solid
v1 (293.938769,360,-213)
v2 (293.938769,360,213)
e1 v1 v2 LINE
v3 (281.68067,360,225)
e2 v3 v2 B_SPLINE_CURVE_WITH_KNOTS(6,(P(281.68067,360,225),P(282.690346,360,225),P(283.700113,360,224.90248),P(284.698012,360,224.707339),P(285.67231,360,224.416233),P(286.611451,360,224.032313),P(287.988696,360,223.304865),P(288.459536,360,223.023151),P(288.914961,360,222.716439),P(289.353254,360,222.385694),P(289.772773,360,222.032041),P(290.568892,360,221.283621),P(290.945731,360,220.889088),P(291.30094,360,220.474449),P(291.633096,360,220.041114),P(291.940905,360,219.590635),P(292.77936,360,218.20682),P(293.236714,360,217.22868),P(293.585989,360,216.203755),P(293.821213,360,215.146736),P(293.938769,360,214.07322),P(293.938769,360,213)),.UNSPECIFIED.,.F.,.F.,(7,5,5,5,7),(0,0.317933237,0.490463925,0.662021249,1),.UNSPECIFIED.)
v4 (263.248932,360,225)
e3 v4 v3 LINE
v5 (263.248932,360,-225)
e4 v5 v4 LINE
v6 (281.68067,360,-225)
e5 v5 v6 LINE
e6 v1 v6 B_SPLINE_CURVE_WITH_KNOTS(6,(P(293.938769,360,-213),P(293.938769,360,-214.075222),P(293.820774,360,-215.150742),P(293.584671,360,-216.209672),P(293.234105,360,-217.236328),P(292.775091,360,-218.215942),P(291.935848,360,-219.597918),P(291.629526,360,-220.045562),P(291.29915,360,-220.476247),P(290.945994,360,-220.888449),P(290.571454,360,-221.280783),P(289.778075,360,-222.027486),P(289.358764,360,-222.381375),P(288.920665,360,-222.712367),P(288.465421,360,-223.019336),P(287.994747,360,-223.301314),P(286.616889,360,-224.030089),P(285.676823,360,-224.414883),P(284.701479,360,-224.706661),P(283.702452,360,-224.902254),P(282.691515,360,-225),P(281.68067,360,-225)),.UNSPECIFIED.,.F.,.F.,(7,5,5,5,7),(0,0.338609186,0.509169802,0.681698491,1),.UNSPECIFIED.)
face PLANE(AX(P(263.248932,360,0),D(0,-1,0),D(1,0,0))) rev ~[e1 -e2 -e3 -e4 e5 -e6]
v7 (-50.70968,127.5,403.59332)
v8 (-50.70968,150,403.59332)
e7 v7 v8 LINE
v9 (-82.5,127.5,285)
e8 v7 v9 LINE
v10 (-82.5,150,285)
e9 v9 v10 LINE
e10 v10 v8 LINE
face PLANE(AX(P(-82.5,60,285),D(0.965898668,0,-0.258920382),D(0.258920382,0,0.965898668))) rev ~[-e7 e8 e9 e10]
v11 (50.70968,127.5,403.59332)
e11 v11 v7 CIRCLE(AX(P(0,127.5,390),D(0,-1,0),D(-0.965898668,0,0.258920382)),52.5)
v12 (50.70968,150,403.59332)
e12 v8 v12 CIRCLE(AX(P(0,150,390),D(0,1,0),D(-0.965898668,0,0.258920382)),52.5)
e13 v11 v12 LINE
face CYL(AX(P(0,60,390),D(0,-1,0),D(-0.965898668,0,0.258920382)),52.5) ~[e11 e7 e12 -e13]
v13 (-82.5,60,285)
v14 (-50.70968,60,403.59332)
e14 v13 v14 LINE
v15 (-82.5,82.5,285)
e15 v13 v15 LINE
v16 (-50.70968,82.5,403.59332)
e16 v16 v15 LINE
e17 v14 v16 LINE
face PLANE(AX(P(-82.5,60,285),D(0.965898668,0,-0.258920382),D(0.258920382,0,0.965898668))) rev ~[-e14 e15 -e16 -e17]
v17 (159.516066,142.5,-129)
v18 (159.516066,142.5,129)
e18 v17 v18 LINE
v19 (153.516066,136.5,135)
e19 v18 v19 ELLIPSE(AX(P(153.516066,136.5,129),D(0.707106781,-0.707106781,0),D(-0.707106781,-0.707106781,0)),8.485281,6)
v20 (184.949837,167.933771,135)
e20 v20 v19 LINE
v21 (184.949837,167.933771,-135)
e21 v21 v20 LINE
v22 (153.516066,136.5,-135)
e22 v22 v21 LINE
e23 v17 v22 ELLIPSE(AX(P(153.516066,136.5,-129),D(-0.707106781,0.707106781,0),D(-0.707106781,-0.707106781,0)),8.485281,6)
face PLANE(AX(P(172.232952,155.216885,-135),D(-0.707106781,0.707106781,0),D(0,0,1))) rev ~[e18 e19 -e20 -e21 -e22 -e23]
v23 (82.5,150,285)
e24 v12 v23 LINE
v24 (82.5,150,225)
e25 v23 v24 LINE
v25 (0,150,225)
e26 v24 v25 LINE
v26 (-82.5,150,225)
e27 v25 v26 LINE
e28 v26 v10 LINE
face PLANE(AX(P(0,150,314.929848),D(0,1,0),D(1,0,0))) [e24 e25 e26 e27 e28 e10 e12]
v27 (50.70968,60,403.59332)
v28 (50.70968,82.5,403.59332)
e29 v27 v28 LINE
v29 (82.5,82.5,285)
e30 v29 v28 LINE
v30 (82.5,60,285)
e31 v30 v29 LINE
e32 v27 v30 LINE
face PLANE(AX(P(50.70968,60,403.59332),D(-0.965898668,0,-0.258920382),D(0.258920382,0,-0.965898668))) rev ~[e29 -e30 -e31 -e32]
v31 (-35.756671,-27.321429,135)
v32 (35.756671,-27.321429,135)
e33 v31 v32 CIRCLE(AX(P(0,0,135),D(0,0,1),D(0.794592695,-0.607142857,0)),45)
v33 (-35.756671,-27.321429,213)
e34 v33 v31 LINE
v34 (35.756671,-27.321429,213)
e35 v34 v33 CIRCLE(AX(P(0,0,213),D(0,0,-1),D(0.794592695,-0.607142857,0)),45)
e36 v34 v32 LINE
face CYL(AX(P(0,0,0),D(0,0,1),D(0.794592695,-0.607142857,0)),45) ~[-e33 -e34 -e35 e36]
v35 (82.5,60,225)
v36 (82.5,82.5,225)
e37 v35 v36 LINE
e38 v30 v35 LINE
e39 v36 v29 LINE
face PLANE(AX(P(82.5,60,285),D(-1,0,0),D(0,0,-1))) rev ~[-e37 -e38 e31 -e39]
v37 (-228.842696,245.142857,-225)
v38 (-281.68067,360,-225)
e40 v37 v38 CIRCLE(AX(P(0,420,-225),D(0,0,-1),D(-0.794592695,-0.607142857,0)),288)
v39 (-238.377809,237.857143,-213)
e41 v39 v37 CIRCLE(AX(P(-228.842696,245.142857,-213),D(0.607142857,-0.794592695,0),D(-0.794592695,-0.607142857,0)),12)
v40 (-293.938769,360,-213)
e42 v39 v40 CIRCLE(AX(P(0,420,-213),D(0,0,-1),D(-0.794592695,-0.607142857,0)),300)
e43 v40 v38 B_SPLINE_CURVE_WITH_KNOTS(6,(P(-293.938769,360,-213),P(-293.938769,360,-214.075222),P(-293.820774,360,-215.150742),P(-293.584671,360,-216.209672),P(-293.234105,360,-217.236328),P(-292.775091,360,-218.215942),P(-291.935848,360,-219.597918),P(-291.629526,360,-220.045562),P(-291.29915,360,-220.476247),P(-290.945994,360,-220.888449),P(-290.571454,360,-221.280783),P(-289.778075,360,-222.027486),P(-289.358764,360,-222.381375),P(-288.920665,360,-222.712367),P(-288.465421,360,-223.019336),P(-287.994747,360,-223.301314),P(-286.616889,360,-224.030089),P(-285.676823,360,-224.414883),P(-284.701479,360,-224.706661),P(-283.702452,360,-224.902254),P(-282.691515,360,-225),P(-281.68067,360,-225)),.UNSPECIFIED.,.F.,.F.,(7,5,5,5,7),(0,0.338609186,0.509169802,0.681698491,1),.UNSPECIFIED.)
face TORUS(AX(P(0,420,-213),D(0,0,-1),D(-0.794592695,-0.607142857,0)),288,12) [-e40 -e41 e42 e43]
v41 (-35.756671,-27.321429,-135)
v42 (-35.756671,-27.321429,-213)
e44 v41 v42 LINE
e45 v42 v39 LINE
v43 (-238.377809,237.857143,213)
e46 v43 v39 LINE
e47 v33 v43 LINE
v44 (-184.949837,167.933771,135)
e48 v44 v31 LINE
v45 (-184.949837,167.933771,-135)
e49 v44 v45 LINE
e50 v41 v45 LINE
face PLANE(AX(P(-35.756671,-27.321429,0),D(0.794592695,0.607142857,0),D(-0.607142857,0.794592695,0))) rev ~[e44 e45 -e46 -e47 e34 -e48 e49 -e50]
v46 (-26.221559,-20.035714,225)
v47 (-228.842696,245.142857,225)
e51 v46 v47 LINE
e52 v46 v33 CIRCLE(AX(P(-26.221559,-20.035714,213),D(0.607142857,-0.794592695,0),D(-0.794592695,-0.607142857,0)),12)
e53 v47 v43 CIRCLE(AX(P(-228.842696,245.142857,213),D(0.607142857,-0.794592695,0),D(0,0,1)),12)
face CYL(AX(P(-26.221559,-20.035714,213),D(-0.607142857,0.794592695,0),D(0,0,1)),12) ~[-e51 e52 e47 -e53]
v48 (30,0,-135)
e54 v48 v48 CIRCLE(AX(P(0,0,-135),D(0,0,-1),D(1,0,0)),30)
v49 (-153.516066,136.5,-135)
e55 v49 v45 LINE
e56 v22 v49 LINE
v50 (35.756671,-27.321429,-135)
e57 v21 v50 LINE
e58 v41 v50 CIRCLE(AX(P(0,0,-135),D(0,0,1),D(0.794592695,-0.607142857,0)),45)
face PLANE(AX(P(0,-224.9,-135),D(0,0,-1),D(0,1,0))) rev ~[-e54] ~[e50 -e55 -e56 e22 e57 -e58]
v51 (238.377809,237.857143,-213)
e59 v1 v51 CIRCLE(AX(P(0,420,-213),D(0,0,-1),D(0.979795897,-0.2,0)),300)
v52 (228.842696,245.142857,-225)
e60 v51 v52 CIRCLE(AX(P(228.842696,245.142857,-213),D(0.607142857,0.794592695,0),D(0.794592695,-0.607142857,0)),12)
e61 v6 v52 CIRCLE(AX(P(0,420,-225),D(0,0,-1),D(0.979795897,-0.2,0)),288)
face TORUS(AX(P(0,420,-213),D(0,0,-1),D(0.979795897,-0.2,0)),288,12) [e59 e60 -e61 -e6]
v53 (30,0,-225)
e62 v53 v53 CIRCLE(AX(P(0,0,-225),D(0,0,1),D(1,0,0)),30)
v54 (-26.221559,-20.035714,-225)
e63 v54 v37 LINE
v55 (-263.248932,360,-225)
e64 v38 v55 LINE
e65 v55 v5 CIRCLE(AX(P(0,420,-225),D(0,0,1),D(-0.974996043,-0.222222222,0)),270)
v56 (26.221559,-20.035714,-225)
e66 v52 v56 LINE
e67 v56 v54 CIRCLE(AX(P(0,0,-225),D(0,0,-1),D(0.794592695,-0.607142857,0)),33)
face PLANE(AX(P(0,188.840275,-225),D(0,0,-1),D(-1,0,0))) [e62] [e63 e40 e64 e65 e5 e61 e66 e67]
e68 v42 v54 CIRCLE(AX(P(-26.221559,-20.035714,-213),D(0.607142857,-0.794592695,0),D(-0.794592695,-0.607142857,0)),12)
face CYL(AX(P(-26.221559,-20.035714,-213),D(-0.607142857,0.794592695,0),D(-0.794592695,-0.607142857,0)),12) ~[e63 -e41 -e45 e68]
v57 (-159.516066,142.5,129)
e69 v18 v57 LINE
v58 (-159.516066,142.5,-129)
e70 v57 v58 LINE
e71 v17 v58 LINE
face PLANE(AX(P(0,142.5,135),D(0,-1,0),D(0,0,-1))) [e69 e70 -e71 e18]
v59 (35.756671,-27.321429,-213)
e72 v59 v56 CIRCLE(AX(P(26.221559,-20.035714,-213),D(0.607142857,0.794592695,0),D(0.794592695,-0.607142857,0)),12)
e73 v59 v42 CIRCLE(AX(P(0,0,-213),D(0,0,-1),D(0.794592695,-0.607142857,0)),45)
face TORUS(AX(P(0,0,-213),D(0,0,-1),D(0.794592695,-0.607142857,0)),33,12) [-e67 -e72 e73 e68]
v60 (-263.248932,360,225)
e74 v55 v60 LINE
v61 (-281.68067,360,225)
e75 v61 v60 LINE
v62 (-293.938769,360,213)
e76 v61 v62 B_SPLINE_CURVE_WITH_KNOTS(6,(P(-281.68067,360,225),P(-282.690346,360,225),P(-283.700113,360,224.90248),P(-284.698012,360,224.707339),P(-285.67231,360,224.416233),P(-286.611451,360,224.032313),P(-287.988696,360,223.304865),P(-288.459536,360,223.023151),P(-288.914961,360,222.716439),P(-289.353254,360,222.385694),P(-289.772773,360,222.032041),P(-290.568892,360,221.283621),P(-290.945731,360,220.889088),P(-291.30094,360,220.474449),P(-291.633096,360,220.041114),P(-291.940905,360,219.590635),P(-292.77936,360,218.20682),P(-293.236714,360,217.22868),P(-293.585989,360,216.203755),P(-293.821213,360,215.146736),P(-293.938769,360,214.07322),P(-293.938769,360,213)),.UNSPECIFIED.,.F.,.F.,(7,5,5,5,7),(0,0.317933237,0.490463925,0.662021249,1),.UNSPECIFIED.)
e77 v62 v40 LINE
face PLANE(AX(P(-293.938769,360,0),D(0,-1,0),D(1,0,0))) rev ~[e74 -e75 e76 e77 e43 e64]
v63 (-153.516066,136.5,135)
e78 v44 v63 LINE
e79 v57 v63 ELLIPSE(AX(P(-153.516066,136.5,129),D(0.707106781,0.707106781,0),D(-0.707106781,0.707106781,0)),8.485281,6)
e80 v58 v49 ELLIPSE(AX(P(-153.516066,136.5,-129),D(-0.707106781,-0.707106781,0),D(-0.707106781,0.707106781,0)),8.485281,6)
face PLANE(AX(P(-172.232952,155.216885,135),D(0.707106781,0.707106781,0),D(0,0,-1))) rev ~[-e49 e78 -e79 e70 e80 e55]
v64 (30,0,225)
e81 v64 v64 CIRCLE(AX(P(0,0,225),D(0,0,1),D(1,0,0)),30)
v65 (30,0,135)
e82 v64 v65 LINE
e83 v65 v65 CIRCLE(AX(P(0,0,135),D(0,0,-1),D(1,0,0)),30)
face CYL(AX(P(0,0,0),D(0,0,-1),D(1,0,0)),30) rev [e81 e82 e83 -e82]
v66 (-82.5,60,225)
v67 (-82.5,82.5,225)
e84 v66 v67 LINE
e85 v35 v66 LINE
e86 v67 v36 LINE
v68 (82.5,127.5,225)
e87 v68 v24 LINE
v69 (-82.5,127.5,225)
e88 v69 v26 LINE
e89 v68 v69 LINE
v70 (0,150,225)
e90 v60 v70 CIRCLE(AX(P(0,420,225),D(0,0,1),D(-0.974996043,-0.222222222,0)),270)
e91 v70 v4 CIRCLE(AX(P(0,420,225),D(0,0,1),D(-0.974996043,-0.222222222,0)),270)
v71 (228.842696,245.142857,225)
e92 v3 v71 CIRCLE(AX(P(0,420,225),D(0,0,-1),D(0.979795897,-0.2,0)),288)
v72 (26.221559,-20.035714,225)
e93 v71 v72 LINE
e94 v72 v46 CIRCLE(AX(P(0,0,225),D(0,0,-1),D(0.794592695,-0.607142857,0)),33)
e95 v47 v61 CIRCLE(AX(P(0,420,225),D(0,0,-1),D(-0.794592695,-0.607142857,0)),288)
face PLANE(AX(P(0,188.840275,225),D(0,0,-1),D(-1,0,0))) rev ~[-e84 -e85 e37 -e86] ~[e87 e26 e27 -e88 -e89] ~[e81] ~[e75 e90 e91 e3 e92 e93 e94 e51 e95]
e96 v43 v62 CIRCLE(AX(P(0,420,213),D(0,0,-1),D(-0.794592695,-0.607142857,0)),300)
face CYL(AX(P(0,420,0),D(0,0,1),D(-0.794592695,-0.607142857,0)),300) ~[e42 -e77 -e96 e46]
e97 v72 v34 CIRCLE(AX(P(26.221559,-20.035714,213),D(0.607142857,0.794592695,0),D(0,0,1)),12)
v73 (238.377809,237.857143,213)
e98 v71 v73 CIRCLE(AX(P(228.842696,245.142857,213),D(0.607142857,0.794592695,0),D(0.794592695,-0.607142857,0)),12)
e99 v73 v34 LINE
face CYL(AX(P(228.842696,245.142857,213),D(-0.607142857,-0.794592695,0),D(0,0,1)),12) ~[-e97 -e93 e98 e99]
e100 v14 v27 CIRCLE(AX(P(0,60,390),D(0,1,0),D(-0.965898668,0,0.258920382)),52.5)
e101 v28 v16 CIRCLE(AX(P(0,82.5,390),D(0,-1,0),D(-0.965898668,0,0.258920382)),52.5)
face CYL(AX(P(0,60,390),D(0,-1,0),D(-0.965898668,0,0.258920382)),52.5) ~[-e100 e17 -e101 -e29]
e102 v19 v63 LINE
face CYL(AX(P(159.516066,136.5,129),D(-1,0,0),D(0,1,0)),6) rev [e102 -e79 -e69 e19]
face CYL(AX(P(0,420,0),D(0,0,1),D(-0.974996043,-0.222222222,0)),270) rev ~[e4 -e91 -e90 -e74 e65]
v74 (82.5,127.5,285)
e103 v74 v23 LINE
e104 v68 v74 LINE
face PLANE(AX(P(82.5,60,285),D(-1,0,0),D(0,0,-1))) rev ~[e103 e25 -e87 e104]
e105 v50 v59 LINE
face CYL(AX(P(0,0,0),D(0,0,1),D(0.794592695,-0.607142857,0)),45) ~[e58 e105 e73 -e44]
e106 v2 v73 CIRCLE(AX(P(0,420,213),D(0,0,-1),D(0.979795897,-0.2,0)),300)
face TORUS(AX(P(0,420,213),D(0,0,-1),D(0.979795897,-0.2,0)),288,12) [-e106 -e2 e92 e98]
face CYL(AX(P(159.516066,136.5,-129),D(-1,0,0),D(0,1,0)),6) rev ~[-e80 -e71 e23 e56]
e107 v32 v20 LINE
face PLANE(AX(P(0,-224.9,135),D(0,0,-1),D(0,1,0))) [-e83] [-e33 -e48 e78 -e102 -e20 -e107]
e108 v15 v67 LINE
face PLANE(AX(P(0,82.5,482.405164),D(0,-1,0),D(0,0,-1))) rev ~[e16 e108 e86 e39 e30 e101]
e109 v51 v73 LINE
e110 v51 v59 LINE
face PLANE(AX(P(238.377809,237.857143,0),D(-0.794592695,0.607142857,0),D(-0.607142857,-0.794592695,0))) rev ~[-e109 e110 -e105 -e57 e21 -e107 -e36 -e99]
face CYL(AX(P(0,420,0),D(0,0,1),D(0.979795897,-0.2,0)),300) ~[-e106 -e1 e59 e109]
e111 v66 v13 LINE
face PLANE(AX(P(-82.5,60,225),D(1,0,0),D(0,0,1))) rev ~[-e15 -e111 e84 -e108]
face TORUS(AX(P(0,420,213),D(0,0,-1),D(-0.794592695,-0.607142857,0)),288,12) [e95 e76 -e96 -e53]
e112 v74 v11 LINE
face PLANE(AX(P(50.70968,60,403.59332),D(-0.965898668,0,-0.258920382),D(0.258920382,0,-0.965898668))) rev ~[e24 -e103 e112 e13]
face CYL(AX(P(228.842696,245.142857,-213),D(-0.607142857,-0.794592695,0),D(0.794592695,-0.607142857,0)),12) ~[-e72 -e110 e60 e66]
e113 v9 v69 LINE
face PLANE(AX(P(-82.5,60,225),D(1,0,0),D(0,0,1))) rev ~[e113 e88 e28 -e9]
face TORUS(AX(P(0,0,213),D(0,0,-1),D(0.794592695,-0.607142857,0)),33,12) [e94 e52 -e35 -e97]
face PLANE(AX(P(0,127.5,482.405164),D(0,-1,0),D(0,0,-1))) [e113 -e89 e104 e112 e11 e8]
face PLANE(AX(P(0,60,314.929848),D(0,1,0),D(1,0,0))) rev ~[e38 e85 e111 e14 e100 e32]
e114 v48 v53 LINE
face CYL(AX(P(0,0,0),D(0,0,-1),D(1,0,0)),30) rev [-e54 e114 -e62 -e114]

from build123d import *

# Parameters (mm, degrees)
SKETCH1_R             = 30
BOSS_EXTRUDE2_DEPTH   = 225
BOSS_EXTRUDE3_START   = 60
BOSS_EXTRUDE3_DEPTH   = 90
SKETCH3_W             = 257.405164054
SKETCH3_H             = 45
CUT_EXTRUDE1_DEPTH    = 151.9
SKETCH4_W             = 270
SKETCH4_H             = 367.4
CUT_EXTRUDE2_DEPTH    = 421.85
CHAMFER1_SIZE         = 6
CHAMFER1_SIZE2        = 32.008563289
CHAMFER1_EDGE_2_SIZE  = 6
CHAMFER1_EDGE_2_SIZE2 = 32.008563289
FILLET1_R             = 6
FILLET2_R             = 12


with BuildPart() as part:
    # Sketch1 → Boss-Extrude2 (new, symmetric)
    with BuildSketch(Plane.XY):
        with BuildLine():
            Line((238.377808514, 237.857142857), (35.756671277, -27.321428571))
            ThreePointArc((35.756671277, -27.321428571), (0, -45), (-35.756671277, -27.321428571))
            Line((-35.756671277, -27.321428571), (-238.377808514, 237.857142857))
            ThreePointArc((-238.377808514, 237.857142857), (-273.074997203, 295.782264138), (-293.938769134, 360))
            Line((-293.938769134, 360), (-263.248931622, 360))
            ThreePointArc((-263.248931622, 360), (0, 150), (263.248931622, 360))
            Line((263.248931622, 360), (293.938769134, 360))
            ThreePointArc((293.938769134, 360), (273.074997203, 295.782264138), (238.377808514, 237.857142857))
        make_face()
        Circle(SKETCH1_R, mode=Mode.SUBTRACT)
    extrude(amount=BOSS_EXTRUDE2_DEPTH, both=True)

    # Sketch2 → Boss-Extrude3 (add)
    with BuildSketch(Plane(origin=(0, 0, 0), x_dir=(1, 0, 0), z_dir=(0, 1, 0)).offset(BOSS_EXTRUDE3_START)):
        with BuildLine():
            Line((82.5, -225), (-82.5, -225))
            Line((-82.5, -225), (-82.5, -285))
            Line((-82.5, -285), (-50.709680046, -403.593320036))
            ThreePointArc((-50.709680046, -403.593320036), (0, -442.5), (50.709680046, -403.593320036))
            Line((50.709680046, -403.593320036), (82.5, -285))
            Line((82.5, -285), (82.5, -225))
        make_face()
    extrude(amount=BOSS_EXTRUDE3_DEPTH)

    # Sketch3 → Cut-Extrude1 (cut, symmetric)
    with BuildSketch(Plane(origin=(0, 0, 0), x_dir=(0, 0, -1), z_dir=(1, 0, 0))):
        with Locations((-353.702582027, 105)):
            Rectangle(SKETCH3_W, SKETCH3_H)
    extrude(amount=CUT_EXTRUDE1_DEPTH, both=True, mode=Mode.SUBTRACT)

    # Sketch4 → Cut-Extrude2 (cut, symmetric)
    with BuildSketch(Plane(origin=(0, 0, 0), x_dir=(0, 0, -1), z_dir=(1, 0, 0))):
        with Locations((0, -41.2)):
            Rectangle(SKETCH4_W, SKETCH4_H)
    extrude(amount=CUT_EXTRUDE2_DEPTH, both=True, mode=Mode.SUBTRACT)

    # Chamfer1
    chamfer1_edges = [part.edges().sort_by_distance(p)[0] for p in [
        (165.516066235, 142.5, 0),
    ]]
    chamfer1_side = [part.faces().sort_by_distance(p)[0] for p in [
        (0, 142.5, 0),
    ]]
    chamfer(chamfer1_edges, length=CHAMFER1_SIZE, length2=CHAMFER1_SIZE2, reference=chamfer1_side[0])

    # Chamfer1 edge 2
    chamfer1_edge_2_edges = [part.edges().sort_by_distance(p)[0] for p in [
        (-165.516066235, 142.5, 0),
    ]]
    chamfer1_edge_2_side = [part.faces().sort_by_distance(p)[0] for p in [
        (0, 142.5, 0),
    ]]
    chamfer(chamfer1_edge_2_edges, length=CHAMFER1_EDGE_2_SIZE, length2=CHAMFER1_EDGE_2_SIZE2, reference=chamfer1_edge_2_side[0])

    # Fillet1
    fillet1_edges = [part.edges().sort_by_distance(p)[0] for p in [
        (0, 142.5, -135),
        (0, 142.5, 135),
    ]]
    fillet(fillet1_edges, radius=FILLET1_R)

    # Fillet2
    fillet2_edges = [part.edges().sort_by_distance(p)[0] for p in [
        (273.074997203, 295.782264138, -225),
        (-273.074997203, 295.782264138, 225),
        (-137.067239895, 105.267857143, 225),
        (0, -45, 225),
        (137.067239895, 105.267857143, 225),
        (273.074997203, 295.782264138, 225),
        (137.067239895, 105.267857143, -225),
        (0, -45, -225),
        (-137.067239895, 105.267857143, -225),
        (-273.074997203, 295.782264138, -225),
    ]]
    fillet(fillet2_edges, radius=FILLET2_R)


solid = part.part
